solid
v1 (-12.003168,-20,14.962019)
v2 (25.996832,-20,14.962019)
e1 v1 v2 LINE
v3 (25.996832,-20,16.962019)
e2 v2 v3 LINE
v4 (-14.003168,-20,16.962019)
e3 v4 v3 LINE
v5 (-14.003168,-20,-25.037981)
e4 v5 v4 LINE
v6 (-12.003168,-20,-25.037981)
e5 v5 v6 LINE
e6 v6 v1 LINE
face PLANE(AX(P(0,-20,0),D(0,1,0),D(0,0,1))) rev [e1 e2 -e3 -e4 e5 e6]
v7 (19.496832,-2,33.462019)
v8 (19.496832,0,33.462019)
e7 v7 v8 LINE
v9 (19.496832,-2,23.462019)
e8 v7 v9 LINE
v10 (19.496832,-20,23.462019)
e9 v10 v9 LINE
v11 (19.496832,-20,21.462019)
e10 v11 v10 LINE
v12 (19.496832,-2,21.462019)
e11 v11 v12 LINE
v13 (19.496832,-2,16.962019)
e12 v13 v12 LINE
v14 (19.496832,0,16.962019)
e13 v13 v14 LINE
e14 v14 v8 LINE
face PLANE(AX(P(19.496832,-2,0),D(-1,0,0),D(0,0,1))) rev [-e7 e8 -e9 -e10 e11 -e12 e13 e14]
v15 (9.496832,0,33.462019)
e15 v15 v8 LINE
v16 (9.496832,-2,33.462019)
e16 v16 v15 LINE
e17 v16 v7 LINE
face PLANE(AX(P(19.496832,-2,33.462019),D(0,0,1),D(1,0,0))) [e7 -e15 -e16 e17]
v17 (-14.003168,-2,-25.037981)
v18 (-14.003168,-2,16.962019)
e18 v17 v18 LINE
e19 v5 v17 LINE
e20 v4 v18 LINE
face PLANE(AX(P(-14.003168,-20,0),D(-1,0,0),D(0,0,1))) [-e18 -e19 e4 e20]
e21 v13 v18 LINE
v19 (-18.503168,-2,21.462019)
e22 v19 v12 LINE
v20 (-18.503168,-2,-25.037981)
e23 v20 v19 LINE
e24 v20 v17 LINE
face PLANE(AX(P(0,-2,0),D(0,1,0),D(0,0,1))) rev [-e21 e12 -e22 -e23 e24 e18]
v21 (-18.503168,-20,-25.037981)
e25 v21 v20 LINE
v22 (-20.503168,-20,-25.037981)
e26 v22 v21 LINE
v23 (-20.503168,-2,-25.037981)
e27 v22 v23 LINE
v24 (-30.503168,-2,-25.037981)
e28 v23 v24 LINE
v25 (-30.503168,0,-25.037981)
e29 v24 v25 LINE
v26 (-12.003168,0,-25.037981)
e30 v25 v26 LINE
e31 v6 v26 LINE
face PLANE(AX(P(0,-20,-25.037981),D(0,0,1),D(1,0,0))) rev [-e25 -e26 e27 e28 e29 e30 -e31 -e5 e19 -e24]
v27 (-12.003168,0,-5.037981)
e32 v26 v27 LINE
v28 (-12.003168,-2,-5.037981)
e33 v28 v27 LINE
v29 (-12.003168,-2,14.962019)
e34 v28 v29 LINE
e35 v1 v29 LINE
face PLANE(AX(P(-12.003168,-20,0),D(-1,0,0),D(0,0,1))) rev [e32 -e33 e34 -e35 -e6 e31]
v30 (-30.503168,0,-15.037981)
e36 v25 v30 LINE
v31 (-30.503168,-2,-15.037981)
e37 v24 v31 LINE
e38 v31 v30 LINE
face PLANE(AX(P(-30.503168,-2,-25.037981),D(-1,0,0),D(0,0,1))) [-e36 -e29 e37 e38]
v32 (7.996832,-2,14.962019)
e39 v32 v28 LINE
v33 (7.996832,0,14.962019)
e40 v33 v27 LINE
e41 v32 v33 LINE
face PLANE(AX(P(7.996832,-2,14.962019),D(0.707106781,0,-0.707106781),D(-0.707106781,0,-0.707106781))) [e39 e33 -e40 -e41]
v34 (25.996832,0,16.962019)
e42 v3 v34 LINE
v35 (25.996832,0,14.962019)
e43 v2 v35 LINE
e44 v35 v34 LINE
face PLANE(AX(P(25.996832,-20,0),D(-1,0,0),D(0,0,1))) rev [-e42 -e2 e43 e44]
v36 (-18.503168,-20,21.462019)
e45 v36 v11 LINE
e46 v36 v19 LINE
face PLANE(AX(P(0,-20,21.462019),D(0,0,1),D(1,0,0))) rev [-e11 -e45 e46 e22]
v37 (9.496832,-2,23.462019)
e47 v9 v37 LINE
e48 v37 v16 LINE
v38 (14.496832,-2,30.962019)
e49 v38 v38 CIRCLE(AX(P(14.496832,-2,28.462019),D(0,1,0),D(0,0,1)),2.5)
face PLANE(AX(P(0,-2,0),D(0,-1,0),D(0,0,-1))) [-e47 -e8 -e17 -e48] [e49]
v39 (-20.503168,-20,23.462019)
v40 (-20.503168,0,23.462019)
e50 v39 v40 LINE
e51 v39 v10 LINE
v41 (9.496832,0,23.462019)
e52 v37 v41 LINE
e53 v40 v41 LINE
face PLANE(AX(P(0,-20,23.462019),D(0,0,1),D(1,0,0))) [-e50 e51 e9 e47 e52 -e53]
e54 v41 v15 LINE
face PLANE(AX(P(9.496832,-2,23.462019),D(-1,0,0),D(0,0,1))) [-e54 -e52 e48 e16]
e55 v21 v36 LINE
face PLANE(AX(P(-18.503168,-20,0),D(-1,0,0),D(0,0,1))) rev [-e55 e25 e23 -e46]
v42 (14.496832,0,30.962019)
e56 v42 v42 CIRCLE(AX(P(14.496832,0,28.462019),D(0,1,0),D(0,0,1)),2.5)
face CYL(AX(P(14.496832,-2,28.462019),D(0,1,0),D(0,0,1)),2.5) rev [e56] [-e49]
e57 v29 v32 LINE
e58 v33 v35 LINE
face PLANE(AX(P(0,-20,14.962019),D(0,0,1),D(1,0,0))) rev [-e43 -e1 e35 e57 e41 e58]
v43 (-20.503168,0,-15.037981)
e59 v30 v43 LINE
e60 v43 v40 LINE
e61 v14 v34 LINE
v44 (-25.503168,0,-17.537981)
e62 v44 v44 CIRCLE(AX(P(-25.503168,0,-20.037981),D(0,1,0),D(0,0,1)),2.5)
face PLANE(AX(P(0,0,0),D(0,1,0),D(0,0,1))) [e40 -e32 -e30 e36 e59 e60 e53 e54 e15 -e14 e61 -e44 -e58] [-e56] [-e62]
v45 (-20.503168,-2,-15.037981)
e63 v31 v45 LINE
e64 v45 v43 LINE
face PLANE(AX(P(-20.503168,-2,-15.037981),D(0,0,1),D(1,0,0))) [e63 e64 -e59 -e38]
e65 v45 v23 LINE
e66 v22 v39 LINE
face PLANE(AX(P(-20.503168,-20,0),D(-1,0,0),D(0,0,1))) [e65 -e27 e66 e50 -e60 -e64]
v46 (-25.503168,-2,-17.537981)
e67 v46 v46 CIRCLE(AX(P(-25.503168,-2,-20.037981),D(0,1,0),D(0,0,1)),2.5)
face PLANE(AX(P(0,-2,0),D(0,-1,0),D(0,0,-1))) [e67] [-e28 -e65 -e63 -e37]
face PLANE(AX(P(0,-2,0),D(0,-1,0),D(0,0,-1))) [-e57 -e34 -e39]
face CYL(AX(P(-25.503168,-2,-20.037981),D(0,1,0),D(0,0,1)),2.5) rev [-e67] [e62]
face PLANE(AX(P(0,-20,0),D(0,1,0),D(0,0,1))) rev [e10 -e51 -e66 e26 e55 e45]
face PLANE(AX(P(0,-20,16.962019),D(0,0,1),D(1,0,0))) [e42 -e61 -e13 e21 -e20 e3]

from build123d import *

# Parameters (mm, degrees)
WALLS_DEPTH         = 20
WALLS_2_DEPTH       = 20
REST_ON_THIS_DEPTH  = 2
SKETCH2_W           = 10
SKETCH2_H           = 10
SKETCH2_R           = 2.5
BOSS_EXTRUDE3_DEPTH = 2


with BuildPart() as part:
    # Sketch1 → Walls (new body)
    with BuildSketch(Plane(origin=(0, 0, 0), x_dir=(1, 0, 0), z_dir=(0, 1, 0))):
        Polygon((-18.503168436, 25.037980983), (-20.503168436, 25.037980983), (-20.503168436, -23.462019017), (19.496831564, -23.462019017), (19.496831564, -21.462019017), (-18.503168436, -21.462019017), align=None)
    extrude(amount=-WALLS_DEPTH)



with BuildPart() as body_2:
    # Sketch1 → Walls 2 (new body)
    with BuildSketch(Plane(origin=(0, 0, 0), x_dir=(1, 0, 0), z_dir=(0, 1, 0))):
        Polygon((-12.003168436, 25.037980983), (-14.003168436, 25.037980983), (-14.003168436, -16.962019017), (25.996831564, -16.962019017), (25.996831564, -14.962019017), (-12.003168436, -14.962019017), align=None)
    extrude(amount=-WALLS_2_DEPTH)


with BuildPart() as part_1:
    add(part.part)

    add(body_2.part)  # Rest on this merges body 2
    # Sketch1<3> → Rest on this (add)
    with BuildSketch(Plane(origin=(0, 0, 0), x_dir=(1, 0, 0), z_dir=(0, 1, 0))):
        Polygon((-14.003168436, 25.037980983), (-18.503168436, 25.037980983), (-18.503168436, -21.462019017), (19.496831564, -21.462019017), (19.496831564, -16.962019017), (-14.003168436, -16.962019017), align=None)
    extrude(amount=-REST_ON_THIS_DEPTH)

    # Sketch2 → Boss-Extrude3 (add)
    # profile 1 of 3: a face of its own
    with BuildSketch(Plane(origin=(0, 0, 0), x_dir=(1, 0, 0), z_dir=(0, 1, 0))):
        Polygon((7.996831564, -14.962019017), (-12.003168436, 5.037980983), (-12.003168436, -14.962019017), align=None)
    # profile 2 of 3: a face of its own
    with BuildSketch(Plane(origin=(0, 0, 0), x_dir=(1, 0, 0), z_dir=(0, 1, 0))):
        with Locations((14.496831564, -28.462019017)):
            Rectangle(SKETCH2_W, SKETCH2_H)
        with Locations((14.496831564, -28.462019017)):
            Circle(SKETCH2_R, mode=Mode.SUBTRACT)
    # profile 3 of 3: a face of its own
    with BuildSketch(Plane(origin=(0, 0, 0), x_dir=(1, 0, 0), z_dir=(0, 1, 0))):
        with Locations((-25.503168436, 20.037980983)):
            Rectangle(SKETCH2_W, SKETCH2_H)
        with Locations((-25.503168436, 20.037980983)):
            Circle(SKETCH2_R, mode=Mode.SUBTRACT)
    extrude(amount=-BOSS_EXTRUDE3_DEPTH)


solid = part_1.part
